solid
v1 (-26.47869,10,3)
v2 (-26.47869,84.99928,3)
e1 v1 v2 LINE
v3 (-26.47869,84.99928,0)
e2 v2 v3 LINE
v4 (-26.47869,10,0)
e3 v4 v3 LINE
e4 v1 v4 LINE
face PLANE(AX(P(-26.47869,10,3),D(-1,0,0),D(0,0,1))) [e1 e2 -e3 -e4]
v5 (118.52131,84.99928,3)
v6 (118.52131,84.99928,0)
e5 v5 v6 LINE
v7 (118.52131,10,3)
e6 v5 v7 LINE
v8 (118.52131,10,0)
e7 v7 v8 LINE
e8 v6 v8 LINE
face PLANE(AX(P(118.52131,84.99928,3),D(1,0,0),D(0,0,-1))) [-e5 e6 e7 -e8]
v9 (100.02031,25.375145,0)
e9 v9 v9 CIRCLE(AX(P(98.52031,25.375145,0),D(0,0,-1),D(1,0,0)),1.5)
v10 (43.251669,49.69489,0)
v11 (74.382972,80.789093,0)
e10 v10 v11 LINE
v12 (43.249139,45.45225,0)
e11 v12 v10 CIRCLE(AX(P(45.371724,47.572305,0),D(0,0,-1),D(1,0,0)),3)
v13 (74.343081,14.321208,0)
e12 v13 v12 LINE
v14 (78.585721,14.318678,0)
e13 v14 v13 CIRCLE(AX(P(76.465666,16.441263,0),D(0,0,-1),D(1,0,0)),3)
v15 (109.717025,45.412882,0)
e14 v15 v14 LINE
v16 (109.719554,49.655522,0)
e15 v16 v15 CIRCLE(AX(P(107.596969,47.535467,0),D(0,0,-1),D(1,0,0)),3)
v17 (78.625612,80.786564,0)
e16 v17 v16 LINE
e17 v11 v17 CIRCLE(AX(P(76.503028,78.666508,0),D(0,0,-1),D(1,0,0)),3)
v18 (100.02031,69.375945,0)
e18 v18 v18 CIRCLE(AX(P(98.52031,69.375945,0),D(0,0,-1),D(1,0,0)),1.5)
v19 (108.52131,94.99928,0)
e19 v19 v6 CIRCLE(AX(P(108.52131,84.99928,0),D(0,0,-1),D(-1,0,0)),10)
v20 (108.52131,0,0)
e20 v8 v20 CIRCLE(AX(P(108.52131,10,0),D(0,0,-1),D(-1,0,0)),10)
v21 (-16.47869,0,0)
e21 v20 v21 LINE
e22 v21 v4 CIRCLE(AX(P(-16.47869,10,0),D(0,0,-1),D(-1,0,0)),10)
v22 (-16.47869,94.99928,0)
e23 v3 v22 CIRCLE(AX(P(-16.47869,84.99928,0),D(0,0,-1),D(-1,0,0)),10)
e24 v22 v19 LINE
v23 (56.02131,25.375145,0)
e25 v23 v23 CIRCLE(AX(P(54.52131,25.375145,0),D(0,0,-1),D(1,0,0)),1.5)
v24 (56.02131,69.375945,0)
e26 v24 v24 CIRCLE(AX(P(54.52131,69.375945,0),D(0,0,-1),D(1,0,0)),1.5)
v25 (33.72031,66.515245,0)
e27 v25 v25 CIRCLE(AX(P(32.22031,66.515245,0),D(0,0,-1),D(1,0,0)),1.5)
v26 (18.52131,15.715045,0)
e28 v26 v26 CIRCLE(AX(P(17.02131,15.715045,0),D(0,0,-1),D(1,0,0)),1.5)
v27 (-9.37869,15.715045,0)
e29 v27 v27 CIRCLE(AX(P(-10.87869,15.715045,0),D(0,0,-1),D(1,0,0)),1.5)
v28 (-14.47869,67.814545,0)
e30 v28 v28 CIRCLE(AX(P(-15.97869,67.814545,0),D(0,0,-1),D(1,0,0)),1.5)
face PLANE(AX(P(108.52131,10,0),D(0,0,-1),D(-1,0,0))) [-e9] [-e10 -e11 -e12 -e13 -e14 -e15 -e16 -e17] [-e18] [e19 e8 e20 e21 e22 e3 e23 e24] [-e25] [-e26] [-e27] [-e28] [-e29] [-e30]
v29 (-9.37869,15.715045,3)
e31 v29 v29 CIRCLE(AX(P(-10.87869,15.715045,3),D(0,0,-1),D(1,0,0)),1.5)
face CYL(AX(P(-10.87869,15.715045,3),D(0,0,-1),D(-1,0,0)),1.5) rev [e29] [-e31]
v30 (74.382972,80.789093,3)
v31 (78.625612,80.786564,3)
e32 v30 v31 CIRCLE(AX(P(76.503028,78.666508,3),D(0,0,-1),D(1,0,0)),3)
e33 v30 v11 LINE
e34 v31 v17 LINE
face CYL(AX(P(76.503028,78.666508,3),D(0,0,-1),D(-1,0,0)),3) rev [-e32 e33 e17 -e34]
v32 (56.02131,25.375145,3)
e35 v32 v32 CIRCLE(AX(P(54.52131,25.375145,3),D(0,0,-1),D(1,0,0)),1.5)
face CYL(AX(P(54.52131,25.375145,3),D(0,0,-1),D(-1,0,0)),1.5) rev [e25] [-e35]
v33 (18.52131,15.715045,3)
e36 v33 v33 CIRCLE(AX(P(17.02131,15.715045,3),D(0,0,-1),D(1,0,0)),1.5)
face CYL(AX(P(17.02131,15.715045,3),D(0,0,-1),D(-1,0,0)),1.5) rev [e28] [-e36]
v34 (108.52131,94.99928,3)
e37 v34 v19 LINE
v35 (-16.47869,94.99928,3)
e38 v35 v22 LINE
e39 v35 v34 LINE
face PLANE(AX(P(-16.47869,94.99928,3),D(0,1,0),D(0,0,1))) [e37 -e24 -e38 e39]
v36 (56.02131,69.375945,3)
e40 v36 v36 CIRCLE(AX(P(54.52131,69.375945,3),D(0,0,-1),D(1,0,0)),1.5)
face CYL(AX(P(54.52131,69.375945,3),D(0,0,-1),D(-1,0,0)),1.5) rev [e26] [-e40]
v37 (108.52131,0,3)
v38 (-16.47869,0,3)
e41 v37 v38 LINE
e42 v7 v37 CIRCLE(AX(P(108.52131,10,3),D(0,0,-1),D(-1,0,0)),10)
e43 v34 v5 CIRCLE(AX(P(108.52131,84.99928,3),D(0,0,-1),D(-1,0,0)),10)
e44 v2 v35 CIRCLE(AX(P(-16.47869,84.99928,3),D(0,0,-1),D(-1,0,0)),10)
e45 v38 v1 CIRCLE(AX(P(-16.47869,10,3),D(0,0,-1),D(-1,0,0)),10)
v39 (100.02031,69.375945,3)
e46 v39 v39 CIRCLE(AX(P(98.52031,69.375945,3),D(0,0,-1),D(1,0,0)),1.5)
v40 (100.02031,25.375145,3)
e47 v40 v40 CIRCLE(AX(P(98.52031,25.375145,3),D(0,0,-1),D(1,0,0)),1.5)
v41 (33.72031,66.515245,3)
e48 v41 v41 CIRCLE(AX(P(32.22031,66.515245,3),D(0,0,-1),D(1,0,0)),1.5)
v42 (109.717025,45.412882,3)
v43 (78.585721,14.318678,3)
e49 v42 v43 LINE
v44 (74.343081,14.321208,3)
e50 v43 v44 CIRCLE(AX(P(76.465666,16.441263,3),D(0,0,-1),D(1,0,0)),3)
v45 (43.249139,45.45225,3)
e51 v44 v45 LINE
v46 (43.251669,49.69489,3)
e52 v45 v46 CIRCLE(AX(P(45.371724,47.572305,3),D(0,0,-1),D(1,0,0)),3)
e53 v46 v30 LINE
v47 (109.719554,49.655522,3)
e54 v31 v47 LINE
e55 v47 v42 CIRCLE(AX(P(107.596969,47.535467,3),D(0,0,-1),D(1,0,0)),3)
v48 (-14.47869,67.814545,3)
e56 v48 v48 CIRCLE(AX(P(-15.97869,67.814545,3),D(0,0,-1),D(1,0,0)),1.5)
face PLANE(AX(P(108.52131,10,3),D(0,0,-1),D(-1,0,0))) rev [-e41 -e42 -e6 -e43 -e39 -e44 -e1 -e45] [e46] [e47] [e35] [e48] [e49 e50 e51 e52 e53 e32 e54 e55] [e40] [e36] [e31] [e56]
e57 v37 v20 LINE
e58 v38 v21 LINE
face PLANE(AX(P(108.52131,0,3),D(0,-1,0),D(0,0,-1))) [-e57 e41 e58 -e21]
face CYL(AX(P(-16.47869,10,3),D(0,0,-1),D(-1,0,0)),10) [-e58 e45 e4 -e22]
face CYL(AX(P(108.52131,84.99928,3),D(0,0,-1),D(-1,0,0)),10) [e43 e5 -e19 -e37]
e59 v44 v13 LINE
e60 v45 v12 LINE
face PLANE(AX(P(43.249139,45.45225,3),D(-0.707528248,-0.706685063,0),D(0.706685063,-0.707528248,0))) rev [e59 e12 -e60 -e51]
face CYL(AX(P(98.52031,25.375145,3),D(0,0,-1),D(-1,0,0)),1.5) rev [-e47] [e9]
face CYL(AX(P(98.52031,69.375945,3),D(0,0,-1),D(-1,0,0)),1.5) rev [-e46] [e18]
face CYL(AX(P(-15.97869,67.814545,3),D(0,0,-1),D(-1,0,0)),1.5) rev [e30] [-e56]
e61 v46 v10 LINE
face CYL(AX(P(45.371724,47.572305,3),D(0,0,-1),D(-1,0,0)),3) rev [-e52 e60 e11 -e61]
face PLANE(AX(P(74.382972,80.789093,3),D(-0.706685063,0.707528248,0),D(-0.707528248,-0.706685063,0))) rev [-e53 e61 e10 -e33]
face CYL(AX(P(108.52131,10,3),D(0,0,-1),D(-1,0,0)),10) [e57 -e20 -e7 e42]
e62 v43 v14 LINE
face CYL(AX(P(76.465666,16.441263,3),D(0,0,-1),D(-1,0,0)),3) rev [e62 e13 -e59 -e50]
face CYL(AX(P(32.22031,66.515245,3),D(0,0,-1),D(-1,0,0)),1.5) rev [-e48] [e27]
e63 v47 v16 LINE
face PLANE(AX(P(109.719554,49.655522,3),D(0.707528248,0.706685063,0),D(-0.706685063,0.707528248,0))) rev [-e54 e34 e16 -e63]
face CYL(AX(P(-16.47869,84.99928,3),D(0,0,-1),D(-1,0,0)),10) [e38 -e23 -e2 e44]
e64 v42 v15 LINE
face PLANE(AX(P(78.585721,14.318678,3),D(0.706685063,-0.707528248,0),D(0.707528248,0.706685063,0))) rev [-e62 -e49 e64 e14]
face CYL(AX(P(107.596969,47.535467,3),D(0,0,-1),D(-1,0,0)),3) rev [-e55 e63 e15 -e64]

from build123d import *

# Parameters (mm, degrees)
SKETCH_1_R      = 1.5
EXTRUDE_1_DEPTH = 3


with BuildPart() as part:
    # 草图1 → 凸台-拉伸1 (new body)
    with BuildSketch(Plane(origin=(0, 0, 0), x_dir=(-1, 0, 0), z_dir=(0, 0, -1))):
        with BuildLine():
            Line((-108.521309774, 0), (16.478690226, 0))
            ThreePointArc((16.478690226, 0), (23.549758037, 2.928932188), (26.478690226, 10))
            Line((26.478690226, 10), (26.478690226, 84.99928))
            ThreePointArc((26.478690226, 84.99928), (23.549758037, 92.070347812), (16.478690226, 94.99928))
            Line((16.478690226, 94.99928), (-108.521309774, 94.99928))
            ThreePointArc((-108.521309774, 94.99928), (-115.592377586, 92.070347812), (-118.521309774, 84.99928))
            Line((-118.521309774, 84.99928), (-118.521309774, 10))
            ThreePointArc((-118.521309774, 10), (-115.592377586, 2.928932188), (-108.521309774, 0))
        make_face()
        with Locations(Location((15.978690226, 67.81454533, 0), (0, 0, 180))):
            Circle(SKETCH_1_R, mode=Mode.SUBTRACT)
        with Locations(Location((-32.220309774, 66.51524533, 0), (0, 0, 180))):
            Circle(SKETCH_1_R, mode=Mode.SUBTRACT)
        with Locations(Location((10.878690226, 15.71504533, 0), (0, 0, 180))):
            Circle(SKETCH_1_R, mode=Mode.SUBTRACT)
        with Locations(Location((-54.521309774, 69.37594533, 0), (0, 0, 180))):
            Circle(SKETCH_1_R, mode=Mode.SUBTRACT)
        with Locations(Location((-98.520309774, 69.37594533, 0), (0, 0, 180))):
            Circle(SKETCH_1_R, mode=Mode.SUBTRACT)
        with Locations(Location((-98.520309774, 25.37514533, 0), (0, 0, 180))):
            Circle(SKETCH_1_R, mode=Mode.SUBTRACT)
        with Locations(Location((-54.521309774, 25.37514533, 0), (0, 0, 180))):
            Circle(SKETCH_1_R, mode=Mode.SUBTRACT)
        with Locations(Location((-17.021309774, 15.71504533, 0), (0, 0, 180))):
            Circle(SKETCH_1_R, mode=Mode.SUBTRACT)
        with BuildLine():
            Line((-109.719554185, 49.655521805), (-78.625612362, 80.786563559))
            ThreePointArc((-78.625612362, 80.786563559), (-76.504816284, 81.666507838), (-74.382972429, 80.789093116))
            Line((-74.382972429, 80.789093116), (-43.251668672, 49.694889603))
            ThreePointArc((-43.251668672, 49.694889603), (-42.371724394, 47.574093524), (-43.249139115, 45.452249669))
            Line((-43.249139115, 45.452249669), (-74.343080939, 14.321207916))
            ThreePointArc((-74.343080939, 14.321207916), (-76.463877017, 13.441263637), (-78.585720872, 14.318678358))
            Line((-78.585720872, 14.318678358), (-109.717024628, 45.412881872))
            ThreePointArc((-109.717024628, 45.412881872), (-110.596968907, 47.53367795), (-109.719554185, 49.655521805))
        make_face(mode=Mode.SUBTRACT)
    extrude(amount=-EXTRUDE_1_DEPTH)


solid = part.part
